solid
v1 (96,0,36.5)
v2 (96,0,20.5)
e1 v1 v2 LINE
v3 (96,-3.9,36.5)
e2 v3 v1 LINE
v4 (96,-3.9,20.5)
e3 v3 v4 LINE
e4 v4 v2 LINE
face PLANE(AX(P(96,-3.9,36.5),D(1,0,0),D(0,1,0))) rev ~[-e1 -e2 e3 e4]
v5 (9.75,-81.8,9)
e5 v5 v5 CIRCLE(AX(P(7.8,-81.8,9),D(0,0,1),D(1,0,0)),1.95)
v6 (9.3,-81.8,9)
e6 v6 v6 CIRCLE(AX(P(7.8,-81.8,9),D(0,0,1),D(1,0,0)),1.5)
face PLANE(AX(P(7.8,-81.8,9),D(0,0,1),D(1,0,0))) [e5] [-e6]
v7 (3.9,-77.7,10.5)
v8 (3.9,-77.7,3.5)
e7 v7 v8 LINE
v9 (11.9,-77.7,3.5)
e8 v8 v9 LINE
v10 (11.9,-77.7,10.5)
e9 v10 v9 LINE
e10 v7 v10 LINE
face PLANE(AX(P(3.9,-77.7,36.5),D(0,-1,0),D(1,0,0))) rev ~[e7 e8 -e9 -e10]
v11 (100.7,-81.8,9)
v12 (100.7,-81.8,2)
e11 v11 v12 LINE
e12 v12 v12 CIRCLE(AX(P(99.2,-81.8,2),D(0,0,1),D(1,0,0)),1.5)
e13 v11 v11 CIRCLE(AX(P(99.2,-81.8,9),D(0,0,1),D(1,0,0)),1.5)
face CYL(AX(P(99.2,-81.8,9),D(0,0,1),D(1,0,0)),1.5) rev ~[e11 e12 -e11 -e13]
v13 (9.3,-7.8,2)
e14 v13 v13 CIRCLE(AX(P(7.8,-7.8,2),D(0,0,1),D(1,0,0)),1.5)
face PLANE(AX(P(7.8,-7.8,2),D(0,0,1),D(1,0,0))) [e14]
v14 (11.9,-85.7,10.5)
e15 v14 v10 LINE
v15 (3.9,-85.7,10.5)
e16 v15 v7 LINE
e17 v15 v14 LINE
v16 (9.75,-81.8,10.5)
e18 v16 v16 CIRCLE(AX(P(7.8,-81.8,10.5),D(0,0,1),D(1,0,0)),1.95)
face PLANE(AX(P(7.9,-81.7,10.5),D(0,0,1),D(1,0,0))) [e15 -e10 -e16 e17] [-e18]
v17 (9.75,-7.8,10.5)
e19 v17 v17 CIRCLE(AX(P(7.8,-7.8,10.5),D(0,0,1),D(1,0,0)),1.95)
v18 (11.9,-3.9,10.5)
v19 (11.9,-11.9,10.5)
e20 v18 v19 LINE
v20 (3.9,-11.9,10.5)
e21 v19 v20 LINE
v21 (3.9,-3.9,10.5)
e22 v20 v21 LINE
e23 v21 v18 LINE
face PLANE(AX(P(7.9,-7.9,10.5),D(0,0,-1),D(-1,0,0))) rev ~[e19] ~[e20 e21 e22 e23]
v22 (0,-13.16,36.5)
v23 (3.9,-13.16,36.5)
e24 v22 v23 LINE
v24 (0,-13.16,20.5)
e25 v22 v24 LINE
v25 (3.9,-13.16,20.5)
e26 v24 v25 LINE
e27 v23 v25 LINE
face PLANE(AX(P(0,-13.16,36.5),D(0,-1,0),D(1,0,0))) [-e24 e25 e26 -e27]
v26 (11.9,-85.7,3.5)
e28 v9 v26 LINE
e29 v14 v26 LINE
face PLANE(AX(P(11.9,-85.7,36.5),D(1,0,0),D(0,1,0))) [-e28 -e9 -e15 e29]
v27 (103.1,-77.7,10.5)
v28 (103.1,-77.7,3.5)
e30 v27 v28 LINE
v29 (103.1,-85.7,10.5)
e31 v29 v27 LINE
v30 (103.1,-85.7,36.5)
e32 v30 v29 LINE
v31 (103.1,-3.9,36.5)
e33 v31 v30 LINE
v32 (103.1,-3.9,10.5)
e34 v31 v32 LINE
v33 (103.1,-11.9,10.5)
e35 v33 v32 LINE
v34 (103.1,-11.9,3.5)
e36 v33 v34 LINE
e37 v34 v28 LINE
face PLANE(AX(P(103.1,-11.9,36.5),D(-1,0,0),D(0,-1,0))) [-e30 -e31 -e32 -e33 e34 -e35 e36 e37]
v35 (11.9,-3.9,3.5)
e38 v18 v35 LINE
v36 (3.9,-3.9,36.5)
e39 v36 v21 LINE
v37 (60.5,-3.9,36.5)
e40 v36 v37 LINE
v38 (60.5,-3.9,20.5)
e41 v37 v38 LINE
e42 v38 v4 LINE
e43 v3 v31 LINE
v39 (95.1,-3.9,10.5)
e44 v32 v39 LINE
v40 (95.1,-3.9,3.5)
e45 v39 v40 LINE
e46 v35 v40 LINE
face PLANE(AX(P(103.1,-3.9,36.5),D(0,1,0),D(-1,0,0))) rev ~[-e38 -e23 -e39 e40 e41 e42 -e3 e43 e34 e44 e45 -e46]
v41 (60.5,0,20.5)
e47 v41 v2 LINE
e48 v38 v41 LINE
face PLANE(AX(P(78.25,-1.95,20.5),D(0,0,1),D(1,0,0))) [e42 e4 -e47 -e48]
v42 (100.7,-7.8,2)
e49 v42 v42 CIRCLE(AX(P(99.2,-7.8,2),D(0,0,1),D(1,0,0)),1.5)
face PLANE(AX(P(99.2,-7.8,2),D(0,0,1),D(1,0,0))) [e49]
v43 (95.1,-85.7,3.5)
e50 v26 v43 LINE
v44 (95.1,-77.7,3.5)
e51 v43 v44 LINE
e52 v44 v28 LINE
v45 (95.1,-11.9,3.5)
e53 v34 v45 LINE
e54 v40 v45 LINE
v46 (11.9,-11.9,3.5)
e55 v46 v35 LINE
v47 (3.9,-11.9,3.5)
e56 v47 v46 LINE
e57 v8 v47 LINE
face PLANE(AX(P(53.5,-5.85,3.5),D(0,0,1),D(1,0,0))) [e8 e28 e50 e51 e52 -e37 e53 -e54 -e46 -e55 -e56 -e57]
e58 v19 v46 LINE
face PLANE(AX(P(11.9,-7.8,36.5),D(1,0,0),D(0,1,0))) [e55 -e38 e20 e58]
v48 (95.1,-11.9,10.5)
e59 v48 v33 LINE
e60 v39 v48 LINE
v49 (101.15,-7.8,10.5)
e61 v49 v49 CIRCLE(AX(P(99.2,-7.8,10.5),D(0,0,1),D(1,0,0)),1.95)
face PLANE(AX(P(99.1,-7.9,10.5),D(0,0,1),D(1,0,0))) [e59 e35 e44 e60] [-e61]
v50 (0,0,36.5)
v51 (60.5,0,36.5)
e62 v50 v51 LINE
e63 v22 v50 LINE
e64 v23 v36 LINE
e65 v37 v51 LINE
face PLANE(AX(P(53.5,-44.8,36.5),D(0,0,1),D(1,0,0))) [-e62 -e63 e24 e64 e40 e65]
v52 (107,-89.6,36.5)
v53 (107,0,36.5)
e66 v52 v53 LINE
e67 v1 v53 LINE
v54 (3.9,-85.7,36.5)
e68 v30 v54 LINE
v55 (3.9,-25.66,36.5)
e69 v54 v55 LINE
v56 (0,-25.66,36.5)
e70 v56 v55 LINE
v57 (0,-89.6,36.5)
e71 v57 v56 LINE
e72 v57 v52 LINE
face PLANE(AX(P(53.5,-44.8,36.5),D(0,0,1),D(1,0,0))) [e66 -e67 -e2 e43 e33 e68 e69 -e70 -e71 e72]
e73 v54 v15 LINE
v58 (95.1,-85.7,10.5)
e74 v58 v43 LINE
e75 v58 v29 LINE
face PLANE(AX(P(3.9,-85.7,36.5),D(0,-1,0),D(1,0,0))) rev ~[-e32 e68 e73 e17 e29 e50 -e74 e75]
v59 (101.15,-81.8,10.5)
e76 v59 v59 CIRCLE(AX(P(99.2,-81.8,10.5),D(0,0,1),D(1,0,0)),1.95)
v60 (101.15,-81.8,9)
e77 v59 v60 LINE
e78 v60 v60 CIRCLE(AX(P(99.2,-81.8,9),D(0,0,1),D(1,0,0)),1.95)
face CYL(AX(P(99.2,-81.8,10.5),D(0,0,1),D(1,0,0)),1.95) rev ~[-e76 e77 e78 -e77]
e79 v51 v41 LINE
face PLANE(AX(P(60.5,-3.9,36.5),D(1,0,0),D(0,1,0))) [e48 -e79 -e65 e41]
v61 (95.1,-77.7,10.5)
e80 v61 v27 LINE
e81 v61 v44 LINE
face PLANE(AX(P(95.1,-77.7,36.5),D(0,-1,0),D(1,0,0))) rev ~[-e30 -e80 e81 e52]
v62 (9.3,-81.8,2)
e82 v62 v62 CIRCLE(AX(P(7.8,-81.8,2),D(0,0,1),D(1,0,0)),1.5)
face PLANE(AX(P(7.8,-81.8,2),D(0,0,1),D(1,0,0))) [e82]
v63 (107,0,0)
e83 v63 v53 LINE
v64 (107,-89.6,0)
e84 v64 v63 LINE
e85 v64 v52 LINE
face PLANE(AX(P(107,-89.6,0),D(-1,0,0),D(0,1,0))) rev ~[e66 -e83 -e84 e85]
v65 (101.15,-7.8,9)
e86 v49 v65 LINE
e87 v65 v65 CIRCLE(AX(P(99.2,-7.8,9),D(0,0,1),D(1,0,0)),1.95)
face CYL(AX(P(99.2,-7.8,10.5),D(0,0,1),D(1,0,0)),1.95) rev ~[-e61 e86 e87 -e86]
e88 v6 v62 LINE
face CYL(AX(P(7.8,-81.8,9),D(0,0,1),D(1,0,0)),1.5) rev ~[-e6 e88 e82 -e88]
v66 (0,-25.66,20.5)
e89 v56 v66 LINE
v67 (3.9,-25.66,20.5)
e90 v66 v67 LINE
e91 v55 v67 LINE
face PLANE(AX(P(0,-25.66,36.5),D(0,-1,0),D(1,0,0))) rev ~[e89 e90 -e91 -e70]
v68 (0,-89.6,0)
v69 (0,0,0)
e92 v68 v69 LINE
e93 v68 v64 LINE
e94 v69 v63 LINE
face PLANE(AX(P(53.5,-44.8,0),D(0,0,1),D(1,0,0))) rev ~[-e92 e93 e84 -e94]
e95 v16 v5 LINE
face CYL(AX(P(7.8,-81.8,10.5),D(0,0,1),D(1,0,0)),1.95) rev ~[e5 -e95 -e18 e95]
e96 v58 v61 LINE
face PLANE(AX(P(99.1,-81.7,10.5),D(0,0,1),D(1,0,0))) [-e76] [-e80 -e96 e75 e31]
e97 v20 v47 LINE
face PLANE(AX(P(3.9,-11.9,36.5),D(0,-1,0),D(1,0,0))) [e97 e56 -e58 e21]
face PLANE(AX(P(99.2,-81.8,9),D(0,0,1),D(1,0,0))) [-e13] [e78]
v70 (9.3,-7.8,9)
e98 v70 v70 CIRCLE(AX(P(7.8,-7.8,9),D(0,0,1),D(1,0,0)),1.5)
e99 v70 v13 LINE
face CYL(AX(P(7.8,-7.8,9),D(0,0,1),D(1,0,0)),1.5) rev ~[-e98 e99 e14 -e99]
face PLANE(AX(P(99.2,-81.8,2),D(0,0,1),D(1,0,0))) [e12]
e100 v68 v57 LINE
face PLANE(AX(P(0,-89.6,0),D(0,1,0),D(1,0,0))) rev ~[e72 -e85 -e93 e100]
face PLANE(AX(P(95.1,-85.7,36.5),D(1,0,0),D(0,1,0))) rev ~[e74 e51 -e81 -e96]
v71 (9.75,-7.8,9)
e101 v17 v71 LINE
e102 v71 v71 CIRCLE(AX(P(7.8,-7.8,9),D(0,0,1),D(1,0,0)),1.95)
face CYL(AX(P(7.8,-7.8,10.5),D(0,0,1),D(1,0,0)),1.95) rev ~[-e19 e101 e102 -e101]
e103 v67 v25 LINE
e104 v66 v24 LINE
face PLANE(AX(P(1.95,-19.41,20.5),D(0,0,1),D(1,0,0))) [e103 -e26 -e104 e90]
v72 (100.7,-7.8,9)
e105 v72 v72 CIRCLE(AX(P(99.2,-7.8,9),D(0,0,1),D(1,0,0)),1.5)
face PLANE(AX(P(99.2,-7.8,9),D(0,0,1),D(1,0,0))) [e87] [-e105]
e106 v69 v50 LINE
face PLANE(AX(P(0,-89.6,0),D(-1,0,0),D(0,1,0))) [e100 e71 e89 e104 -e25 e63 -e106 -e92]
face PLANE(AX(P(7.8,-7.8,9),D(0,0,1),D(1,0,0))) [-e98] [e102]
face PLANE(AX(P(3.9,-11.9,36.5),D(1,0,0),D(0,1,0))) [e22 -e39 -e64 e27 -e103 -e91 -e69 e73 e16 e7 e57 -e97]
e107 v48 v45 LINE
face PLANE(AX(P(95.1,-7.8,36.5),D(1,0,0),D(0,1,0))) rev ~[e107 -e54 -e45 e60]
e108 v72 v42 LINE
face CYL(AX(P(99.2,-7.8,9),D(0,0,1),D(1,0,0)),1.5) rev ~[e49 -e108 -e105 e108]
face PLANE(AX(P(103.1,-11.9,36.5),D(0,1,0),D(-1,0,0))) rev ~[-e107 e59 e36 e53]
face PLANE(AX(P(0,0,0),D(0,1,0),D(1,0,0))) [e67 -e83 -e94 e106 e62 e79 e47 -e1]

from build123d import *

# Parameters (mm, degrees)
ESBO_O1_W                = 107
ESBO_O1_H                = 89.6
RESSALTO_EXTRUS_O2_DEPTH = 36.5
CORTE_EXTRUS_O2_DEPTH    = 33
ESBO_O4_W                = 8
ESBO_O4_H                = 8
CORTE_EXTRUS_O3_DEPTH    = 26
ESBO_O5_W                = 83.2
ESBO_O5_H                = 3.9
ESBO_O5_H_2              = 4.1
CORTE_EXTRUS_O4_DEPTH    = 33
ESBO_O6_W                = 83.2
ESBO_O6_H                = 3.9
CORTE_EXTRUS_O5_DEPTH    = 33
ESBO_O7_W                = 35.5
ESBO_O7_H                = 3.9
CORTE_EXTRUS_O6_DEPTH    = 16
ESBO_O9_W                = 3.9
ESBO_O9_H                = 12.5
CORTE_EXTRUS_O7_DEPTH    = 16
ESBO_O10_R               = 1.95
CORTE_EXTRUS_O8_DEPTH    = 1.5
ESBO_O11_R               = 1.95
CORTE_EXTRUS_O9_DEPTH    = 1.5
ESBO_O12_R               = 1.95
CORTE_EXTRUS_O10_DEPTH   = 1.5
ESBO_O13_R               = 1.95
CORTE_EXTRUS_O11_DEPTH   = 1.5
ESBO_O14_R               = 1.5
CORTE_EXTRUS_O12_DEPTH   = 7
ESBO_O15_R               = 1.5
CORTE_EXTRUS_O13_DEPTH   = 7
ESBO_O16_R               = 1.5
CORTE_EXTRUS_O14_DEPTH   = 7
ESBO_O17_R               = 1.5
CORTE_EXTRUS_O15_DEPTH   = 7


with BuildPart() as part:
    # Esboço1 → Ressalto-extrusão2 (new body)
    with BuildSketch(Plane.XY):
        with Locations((53.5, -44.8)):
            Rectangle(ESBO_O1_W, ESBO_O1_H)
    extrude(amount=RESSALTO_EXTRUS_O2_DEPTH)

    # Esboço3 → Corte-extrusão2 (cut)
    with BuildSketch(Plane.XY.offset(36.5)):
        Polygon((95.1, -77.7), (95.1, -81.8), (11.9, -81.8), (11.9, -77.7), (7.8, -77.7), (3.9, -77.7), (3.9, -11.9), (11.9, -11.9), (11.9, -7.8), (95.1, -7.8), (95.1, -11.9), (99.2, -11.9), (103.1, -11.9), (103.1, -77.7), (99.2, -77.7), align=None)
    extrude(amount=-CORTE_EXTRUS_O2_DEPTH, mode=Mode.SUBTRACT)

    # Esboço4 → Corte-extrusão3 (cut)
    with BuildSketch(Plane.XY.offset(36.5)):
        Polygon((3.9, -11.9), (3.9, -3.9), (11.9, -3.9), (11.9, -7.8), (11.9, -11.9), align=None)
        Polygon((103.1, -11.9), (103.1, -3.9), (95.1, -3.9), (95.1, -7.8), (95.1, -11.9), align=None)
        with Locations((7.9, -81.7)):
            Rectangle(ESBO_O4_W, ESBO_O4_H)
        with Locations((99.1, -81.7)):
            Rectangle(ESBO_O4_W, ESBO_O4_H)
    extrude(amount=-CORTE_EXTRUS_O3_DEPTH, mode=Mode.SUBTRACT)

    # Esboço5 → Corte-extrusão4 (cut)
    with BuildSketch(Plane.XY.offset(36.5)):
        with Locations((53.5, -5.85)):
            Rectangle(ESBO_O5_W, ESBO_O5_H)
        with Locations((53.5, -79.75)):
            Rectangle(ESBO_O5_W, ESBO_O5_H_2)
    extrude(amount=-CORTE_EXTRUS_O4_DEPTH, mode=Mode.SUBTRACT)

    # Esboço6 → Corte-extrusão5 (cut)
    with BuildSketch(Plane.XY.offset(36.5)):
        with Locations((53.5, -83.75)):
            Rectangle(ESBO_O6_W, ESBO_O6_H)
    extrude(amount=-CORTE_EXTRUS_O5_DEPTH, mode=Mode.SUBTRACT)

    # Esboço7 → Corte-extrusão6 (cut)
    with BuildSketch(Plane.XY.offset(36.5)):
        with Locations((78.25, -1.95)):
            Rectangle(ESBO_O7_W, ESBO_O7_H)
    extrude(amount=-CORTE_EXTRUS_O6_DEPTH, mode=Mode.SUBTRACT)

    # Esboço9 → Corte-extrusão7 (cut)
    with BuildSketch(Plane.XY.offset(36.5)):
        with Locations((1.95, -19.41)):
            Rectangle(ESBO_O9_W, ESBO_O9_H)
    extrude(amount=-CORTE_EXTRUS_O7_DEPTH, mode=Mode.SUBTRACT)

    # Esboço10 → Corte-extrusão8 (cut)
    with BuildSketch(Plane.XY.offset(10.5)):
        with Locations((7.8, -7.8)):
            Circle(ESBO_O10_R)
    extrude(amount=-CORTE_EXTRUS_O8_DEPTH, mode=Mode.SUBTRACT)

    # Esboço11 → Corte-extrusão9 (cut)
    with BuildSketch(Plane.XY.offset(10.5)):
        with Locations((99.2, -7.8)):
            Circle(ESBO_O11_R)
    extrude(amount=-CORTE_EXTRUS_O9_DEPTH, mode=Mode.SUBTRACT)

    # Esboço12 → Corte-extrusão10 (cut)
    with BuildSketch(Plane.XY.offset(10.5)):
        with Locations((99.2, -81.8)):
            Circle(ESBO_O12_R)
    extrude(amount=-CORTE_EXTRUS_O10_DEPTH, mode=Mode.SUBTRACT)

    # Esboço13 → Corte-extrusão11 (cut)
    with BuildSketch(Plane.XY.offset(10.5)):
        with Locations((7.8, -81.8)):
            Circle(ESBO_O13_R)
    extrude(amount=-CORTE_EXTRUS_O11_DEPTH, mode=Mode.SUBTRACT)

    # Esboço14 → Corte-extrusão12 (cut)
    with BuildSketch(Plane.XY.offset(9)):
        with Locations((7.8, -7.8)):
            Circle(ESBO_O14_R)
    extrude(amount=-CORTE_EXTRUS_O12_DEPTH, mode=Mode.SUBTRACT)

    # Esboço15 → Corte-extrusão13 (cut)
    with BuildSketch(Plane.XY.offset(9)):
        with Locations((99.2, -7.8)):
            Circle(ESBO_O15_R)
    extrude(amount=-CORTE_EXTRUS_O13_DEPTH, mode=Mode.SUBTRACT)

    # Esboço16 → Corte-extrusão14 (cut)
    with BuildSketch(Plane.XY.offset(9)):
        with Locations((99.2, -81.8)):
            Circle(ESBO_O16_R)
    extrude(amount=-CORTE_EXTRUS_O14_DEPTH, mode=Mode.SUBTRACT)

    # Esboço17 → Corte-extrusão15 (cut)
    with BuildSketch(Plane.XY.offset(9)):
        with Locations((7.8, -81.8)):
            Circle(ESBO_O17_R)
    extrude(amount=-CORTE_EXTRUS_O15_DEPTH, mode=Mode.SUBTRACT)


solid = part.part
